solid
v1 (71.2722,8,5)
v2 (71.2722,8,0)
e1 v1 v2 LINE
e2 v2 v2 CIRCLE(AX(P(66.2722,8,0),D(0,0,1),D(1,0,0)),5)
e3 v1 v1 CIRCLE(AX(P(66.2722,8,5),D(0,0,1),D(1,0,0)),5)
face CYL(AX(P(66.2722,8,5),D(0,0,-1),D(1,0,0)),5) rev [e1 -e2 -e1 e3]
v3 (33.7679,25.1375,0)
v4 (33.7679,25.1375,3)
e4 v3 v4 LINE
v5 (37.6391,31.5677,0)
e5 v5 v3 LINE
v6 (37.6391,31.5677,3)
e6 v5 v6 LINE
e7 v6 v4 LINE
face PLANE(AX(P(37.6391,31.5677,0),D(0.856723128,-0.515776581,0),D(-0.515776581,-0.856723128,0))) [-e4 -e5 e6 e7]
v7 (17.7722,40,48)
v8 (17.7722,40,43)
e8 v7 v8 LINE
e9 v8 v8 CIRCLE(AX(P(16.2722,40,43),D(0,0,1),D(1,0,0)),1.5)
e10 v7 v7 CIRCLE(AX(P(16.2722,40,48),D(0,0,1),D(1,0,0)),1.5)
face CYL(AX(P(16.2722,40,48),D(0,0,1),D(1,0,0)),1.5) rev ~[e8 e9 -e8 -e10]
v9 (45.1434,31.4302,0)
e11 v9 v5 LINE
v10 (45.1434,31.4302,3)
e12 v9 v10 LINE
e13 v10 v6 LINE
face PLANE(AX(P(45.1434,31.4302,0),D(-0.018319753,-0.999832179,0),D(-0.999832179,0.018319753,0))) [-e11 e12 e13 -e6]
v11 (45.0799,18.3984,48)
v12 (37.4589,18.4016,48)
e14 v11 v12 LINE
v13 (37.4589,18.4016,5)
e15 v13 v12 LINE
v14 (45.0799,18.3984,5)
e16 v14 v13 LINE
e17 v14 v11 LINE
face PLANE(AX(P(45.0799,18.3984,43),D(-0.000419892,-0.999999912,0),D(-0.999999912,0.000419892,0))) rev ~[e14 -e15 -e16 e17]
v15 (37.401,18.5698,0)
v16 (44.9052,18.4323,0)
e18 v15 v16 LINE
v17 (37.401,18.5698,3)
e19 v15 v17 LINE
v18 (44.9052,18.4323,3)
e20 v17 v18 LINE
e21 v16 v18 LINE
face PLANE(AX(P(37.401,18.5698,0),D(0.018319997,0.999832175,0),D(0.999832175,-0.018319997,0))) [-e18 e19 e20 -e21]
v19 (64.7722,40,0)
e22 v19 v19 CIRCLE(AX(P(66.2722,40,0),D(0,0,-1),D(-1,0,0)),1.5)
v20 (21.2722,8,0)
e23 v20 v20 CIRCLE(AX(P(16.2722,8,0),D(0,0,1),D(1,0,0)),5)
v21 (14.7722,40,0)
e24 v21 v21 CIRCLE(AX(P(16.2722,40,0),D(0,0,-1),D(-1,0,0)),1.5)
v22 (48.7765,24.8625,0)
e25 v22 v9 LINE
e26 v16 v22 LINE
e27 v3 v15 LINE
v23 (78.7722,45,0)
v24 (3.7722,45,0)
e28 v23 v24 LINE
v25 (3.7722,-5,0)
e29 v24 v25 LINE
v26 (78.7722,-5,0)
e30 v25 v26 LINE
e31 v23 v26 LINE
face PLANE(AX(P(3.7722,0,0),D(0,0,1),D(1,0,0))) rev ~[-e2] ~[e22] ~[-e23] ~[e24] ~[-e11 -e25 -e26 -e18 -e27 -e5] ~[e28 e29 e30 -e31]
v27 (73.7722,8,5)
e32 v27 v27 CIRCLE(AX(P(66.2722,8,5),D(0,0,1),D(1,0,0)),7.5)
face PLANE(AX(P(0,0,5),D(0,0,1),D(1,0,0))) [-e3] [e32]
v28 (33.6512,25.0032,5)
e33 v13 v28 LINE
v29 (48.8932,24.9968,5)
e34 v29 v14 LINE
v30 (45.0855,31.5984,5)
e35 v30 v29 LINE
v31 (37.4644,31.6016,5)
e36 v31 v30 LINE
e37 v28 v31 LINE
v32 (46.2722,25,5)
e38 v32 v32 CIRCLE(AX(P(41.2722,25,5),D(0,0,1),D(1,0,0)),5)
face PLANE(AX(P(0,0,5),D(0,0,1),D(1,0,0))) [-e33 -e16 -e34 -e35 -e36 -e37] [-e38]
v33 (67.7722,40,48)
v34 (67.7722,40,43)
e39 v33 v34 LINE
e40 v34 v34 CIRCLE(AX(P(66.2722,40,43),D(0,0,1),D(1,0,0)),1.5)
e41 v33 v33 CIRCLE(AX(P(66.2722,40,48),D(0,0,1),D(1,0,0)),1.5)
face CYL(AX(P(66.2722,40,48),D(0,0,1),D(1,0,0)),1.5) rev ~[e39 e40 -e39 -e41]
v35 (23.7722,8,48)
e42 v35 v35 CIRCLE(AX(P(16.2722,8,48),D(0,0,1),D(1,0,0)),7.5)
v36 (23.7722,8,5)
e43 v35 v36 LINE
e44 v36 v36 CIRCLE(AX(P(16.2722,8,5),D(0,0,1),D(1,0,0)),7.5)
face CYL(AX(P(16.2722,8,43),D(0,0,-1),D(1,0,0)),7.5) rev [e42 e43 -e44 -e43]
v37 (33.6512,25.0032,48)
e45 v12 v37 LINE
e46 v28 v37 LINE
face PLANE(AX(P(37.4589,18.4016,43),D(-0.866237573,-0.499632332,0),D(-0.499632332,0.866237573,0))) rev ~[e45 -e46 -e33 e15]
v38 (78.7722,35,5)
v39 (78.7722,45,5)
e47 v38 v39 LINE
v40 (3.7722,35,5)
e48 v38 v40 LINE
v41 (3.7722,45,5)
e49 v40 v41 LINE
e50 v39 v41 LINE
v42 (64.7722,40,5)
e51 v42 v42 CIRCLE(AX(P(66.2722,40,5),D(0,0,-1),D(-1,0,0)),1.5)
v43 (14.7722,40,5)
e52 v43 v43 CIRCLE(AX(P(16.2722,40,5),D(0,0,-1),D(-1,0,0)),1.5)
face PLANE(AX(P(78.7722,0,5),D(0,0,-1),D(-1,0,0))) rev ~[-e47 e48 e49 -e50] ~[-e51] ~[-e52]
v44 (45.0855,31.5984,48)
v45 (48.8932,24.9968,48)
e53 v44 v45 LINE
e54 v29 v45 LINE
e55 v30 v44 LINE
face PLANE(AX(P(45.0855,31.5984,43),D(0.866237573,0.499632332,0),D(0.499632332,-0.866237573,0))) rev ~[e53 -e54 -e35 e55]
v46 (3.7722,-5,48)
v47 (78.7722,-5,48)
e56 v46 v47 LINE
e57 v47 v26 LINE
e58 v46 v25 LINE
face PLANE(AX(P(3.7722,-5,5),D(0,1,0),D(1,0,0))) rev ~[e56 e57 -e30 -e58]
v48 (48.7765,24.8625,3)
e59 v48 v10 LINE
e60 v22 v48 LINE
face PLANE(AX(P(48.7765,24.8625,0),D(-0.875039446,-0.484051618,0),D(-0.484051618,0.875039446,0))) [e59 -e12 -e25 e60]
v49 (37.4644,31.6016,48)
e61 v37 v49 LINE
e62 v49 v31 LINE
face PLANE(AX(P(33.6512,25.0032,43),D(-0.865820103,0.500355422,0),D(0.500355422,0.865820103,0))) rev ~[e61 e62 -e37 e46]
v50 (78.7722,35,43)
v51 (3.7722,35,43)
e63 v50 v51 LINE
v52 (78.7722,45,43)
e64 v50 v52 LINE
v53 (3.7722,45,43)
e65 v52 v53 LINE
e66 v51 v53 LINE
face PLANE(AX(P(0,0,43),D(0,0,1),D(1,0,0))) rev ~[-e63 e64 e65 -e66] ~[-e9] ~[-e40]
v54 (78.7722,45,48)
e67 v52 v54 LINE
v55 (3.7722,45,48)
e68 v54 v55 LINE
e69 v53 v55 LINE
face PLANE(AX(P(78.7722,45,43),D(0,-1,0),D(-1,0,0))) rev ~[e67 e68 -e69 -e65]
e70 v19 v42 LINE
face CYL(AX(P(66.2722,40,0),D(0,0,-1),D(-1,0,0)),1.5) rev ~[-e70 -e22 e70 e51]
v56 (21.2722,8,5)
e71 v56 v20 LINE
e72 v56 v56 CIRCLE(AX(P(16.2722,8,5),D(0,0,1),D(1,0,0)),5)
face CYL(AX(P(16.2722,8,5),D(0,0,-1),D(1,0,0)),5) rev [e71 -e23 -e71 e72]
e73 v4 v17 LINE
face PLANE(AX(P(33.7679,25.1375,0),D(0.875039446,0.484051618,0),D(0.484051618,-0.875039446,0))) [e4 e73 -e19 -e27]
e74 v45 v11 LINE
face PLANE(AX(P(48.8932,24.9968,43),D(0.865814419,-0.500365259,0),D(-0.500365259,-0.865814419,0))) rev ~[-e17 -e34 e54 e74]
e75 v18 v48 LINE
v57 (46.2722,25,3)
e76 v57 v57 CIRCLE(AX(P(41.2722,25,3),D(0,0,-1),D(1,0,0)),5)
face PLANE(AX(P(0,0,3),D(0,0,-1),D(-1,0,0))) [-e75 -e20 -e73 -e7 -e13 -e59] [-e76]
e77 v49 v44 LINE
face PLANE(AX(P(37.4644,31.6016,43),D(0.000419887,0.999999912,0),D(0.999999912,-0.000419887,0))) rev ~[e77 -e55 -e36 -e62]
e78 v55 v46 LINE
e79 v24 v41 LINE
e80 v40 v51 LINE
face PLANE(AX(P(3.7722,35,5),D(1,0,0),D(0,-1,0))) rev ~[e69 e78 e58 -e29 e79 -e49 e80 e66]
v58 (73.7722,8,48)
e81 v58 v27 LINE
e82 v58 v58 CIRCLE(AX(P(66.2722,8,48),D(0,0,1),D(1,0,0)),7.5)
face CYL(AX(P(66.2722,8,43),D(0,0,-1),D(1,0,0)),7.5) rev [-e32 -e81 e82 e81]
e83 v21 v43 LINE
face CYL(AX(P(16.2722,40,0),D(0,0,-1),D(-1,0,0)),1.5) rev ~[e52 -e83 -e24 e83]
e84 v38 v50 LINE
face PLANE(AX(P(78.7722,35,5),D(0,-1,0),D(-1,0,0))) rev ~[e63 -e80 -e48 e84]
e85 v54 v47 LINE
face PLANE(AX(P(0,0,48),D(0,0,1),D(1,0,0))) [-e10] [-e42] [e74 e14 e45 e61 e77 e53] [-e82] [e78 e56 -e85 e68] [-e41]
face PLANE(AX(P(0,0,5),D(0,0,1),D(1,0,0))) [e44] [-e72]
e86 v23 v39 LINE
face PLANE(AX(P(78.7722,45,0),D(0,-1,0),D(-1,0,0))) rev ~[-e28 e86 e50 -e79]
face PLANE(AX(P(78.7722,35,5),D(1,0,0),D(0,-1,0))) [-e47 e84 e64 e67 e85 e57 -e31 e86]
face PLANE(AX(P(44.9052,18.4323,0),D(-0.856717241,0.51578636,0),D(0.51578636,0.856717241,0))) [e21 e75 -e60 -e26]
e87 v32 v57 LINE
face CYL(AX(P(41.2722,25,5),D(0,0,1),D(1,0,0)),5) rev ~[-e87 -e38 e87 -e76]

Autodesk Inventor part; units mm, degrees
ref_plane "YZ Plane" through (0, 0, 0) normal (1, 0, 0) x (0, 1, 0)
ref_plane "XZ Plane" through (0, 0, 0) normal (0, 1, 0) x (-1, 0, 0)
ref_plane "XY Plane" through (0, 0, 0) normal (0, 0, 1) x (1, 0, 0)
sketch "Sketch11" plane through (0, 0, 0) normal (0, 0, 1) x (1, 0, 0)
  line L0 (3.7722, 0) -> (78.7722, 0)
  line L1 (78.7722, 0) -> (78.7722, 45)
  line L2 (78.7722, 45) -> (3.7722, 45)
  line L3 (3.7722, 45) -> (3.7722, 0)
  circle A0 centre (16.2722, 8) radius 5
  circle A1 centre (66.2722, 8) radius 5
  point P0 (0, 0)
  dimension "d63" = 75
  dimension "d65" = 45
  dimension "d66" = 10
  dimension "d67" = 10
  dimension "d68" = 50
  dimension "d69" = 12.5
  dimension "d70" = 8
  dimension "d71" = 8
extrude "Extrusion10" add sketch "Sketch11" along normal blind 5
sketch "Sketch12" plane through (0, 0, 5) normal (0, 0, 1) x (1, 0, 0)
  circle A0 centre (66.2722, 8) radius 5 projected
  circle A1 centre (16.2722, 8) radius 5 projected
  circle A2 centre (16.2722, 8) radius 7.5
  circle A3 centre (66.2722, 8) radius 7.5
  point P0 (0, 0)
  dimension "d74" = 15
  dimension "d77" = 15
sketch "Sketch13" plane through (0, 0, 5) normal (0, 0, 1) x (1, 0, 0)
  line L0 (3.7722, 0) -> (78.7722, 0) projected
  line L1 (3.7722, 45) -> (3.7722, 0) projected
  line L2 (37.4644, 31.6016) -> (45.0855, 31.5984)
  line L3 (45.0855, 31.5984) -> (48.8932, 24.9968)
  line L4 (48.8932, 24.9968) -> (45.0799, 18.3984)
  line L5 (45.0799, 18.3984) -> (37.4589, 18.4016)
  line L6 (37.4589, 18.4016) -> (33.6512, 25.0032)
  line L7 (33.6512, 25.0032) -> (37.4644, 31.6016)
  point P0 (0, 0)
  point P1 (41.2722, 25)
  point P2 (41.2722, 25)
  dimension "d81" = 37.5
  dimension "d82" = 25
  dimension "d83" = 13.2
sketch "Sketch14" plane through (0, 0, 5) normal (0, 0, 1) x (1, 0, 0)
  circle A0 centre (41.2722, 25) radius 5
  line L0 (3.7722, 0) -> (78.7722, 0) projected
  line L1 (3.7722, 45) -> (3.7722, 0) projected
  point P0 (0, 0)
  dimension "d87" = 10
  dimension "d89" = 25
  dimension "d90" = 37.5
extrude "Extrusion13" cut sketch "Sketch14" against normal blind 50
sketch "Sketch16" plane through (0, 0, 0) normal (0, 0, -1) x (-1, 0, 0)
  line L0 (-78.7722, 45) -> (-3.7722, 45) projected
  line L1 (-78.7722, 0) -> (-78.7722, 45) projected
  circle A0 centre (-66.2722, 40) radius 1.5
  circle A1 centre (-16.2722, 40) radius 1.5
  point P0 (0, 0)
  dimension "d99" = 3
  dimension "d101" = 3
  dimension "d102" = 5
  dimension "d103" = 5
  dimension "d104" = 50
  dimension "d105" = 12.5
extrude "Extrusion15" cut sketch "Sketch16" against normal blind 100
sketch "Sketch17" plane through (3.7722, 0, 0) normal (0, -1, 0) x (1, 0, 0)
  line L0 (0, 0) -> (75, 0) projected
  line L1 (75, 0) -> (75, 5) projected
  line L2 (0, 0) -> (75, 0)
  line L3 (75, 0) -> (75, 5)
  line L4 (75, 5) -> (0, 5)
  line L5 (0, 5) -> (0, 0)
  point P0 (-3.7722, 0)
extrude "Extrusion16" add sketch "Sketch17" along normal blind 5
sketch "Sketch20" plane through (0, 0, 0) normal (0, 0, -1) x (-1, 0, 0)
  circle A0 centre (-41.2722, 25) radius 5 projected
  line L0 (-45.1434, 31.4302) -> (-37.6391, 31.5677)
  line L1 (-37.6391, 31.5677) -> (-33.7679, 25.1375)
  line L2 (-33.7679, 25.1375) -> (-37.401, 18.5698)
  line L3 (-37.401, 18.5698) -> (-44.9052, 18.4323)
  line L4 (-44.9052, 18.4323) -> (-48.7765, 24.8625)
  line L5 (-48.7765, 24.8625) -> (-45.1434, 31.4302)
  point P0 (0, 0)
  dimension "d122" = 13
extrude "Extrusion19" cut sketch "Sketch20" against normal blind 3
sketch "Sketch21" plane through (0, 0, 5) normal (0, 0, 1) x (1, 0, 0)
  circle A0 centre (41.2722, 25) radius 5 projected
  circle A1 centre (66.2722, 8) radius 5 projected
  circle A2 centre (16.2722, 8) radius 5 projected
  line L0 (78.7722, 45) -> (78.7722, -5) projected
  line L1 (78.7722, 45) -> (3.7722, 45) projected
  line L2 (3.7722, -5) -> (78.7722, -5)
  line L3 (78.7722, -5) -> (78.7722, 35)
  line L4 (78.7722, 35) -> (3.7722, 35)
  line L5 (3.7722, 35) -> (3.7722, -5)
  point P0 (0, 0)
  dimension "d125" = 10
extrude "Extrusion20" add sketch "Sketch21" along normal blind 38
extrude "Extrusion22" cut sketch "Sketch12" along normal blind 38
extrude "Extrusion23" cut sketch "Sketch13" along normal blind 38
sketch "Sketch22" plane through (0, 0, 43) normal (0, 0, 1) x (1, 0, 0)
  line L0 (45.0855, 31.5984) -> (48.8932, 24.9968) projected
  line L1 (48.8932, 24.9968) -> (45.0799, 18.3984) projected
  line L2 (45.0799, 18.3984) -> (37.4589, 18.4016) projected
  line L3 (37.4589, 18.4016) -> (33.6512, 25.0032) projected
  line L4 (33.6512, 25.0032) -> (37.4644, 31.6016) projected
  line L5 (37.4644, 31.6016) -> (45.0855, 31.5984) projected
  circle A0 centre (16.2722, 8) radius 7.5 projected
  circle A1 centre (66.2722, 8) radius 7.5 projected
  line L6 (78.7722, 35) -> (3.7722, 35) projected
  line L7 (3.7722, -5) -> (78.7722, -5)
  line L8 (78.7722, -5) -> (78.7722, 45)
  line L9 (78.7722, 45) -> (3.7722, 45)
  line L10 (3.7722, 45) -> (3.7722, -5)
  point P0 (0, 0)
  dimension "d134" = 10
extrude "Extrusion24" add sketch "Sketch22" along normal blind 5
sketch "Sketch23" plane through (0, 0, 48) normal (0, 0, 1) x (1, 0, 0)
  line L0 (78.7722, 45) -> (3.7722, 45) projected
  line L1 (3.7722, 45) -> (3.7722, -5) projected
  circle A0 centre (16.2722, 40) radius 1.5
  circle A1 centre (66.2722, 40) radius 1.5
  point P0 (0, 0)
  dimension "d137" = 3
  dimension "d139" = 3
  dimension "d140" = 50
  dimension "d141" = 12.5
  dimension "d142" = 5
  dimension "d143" = 5
extrude "Extrusion25" cut sketch "Sketch23" against normal blind 5
properties part number "carriage"
